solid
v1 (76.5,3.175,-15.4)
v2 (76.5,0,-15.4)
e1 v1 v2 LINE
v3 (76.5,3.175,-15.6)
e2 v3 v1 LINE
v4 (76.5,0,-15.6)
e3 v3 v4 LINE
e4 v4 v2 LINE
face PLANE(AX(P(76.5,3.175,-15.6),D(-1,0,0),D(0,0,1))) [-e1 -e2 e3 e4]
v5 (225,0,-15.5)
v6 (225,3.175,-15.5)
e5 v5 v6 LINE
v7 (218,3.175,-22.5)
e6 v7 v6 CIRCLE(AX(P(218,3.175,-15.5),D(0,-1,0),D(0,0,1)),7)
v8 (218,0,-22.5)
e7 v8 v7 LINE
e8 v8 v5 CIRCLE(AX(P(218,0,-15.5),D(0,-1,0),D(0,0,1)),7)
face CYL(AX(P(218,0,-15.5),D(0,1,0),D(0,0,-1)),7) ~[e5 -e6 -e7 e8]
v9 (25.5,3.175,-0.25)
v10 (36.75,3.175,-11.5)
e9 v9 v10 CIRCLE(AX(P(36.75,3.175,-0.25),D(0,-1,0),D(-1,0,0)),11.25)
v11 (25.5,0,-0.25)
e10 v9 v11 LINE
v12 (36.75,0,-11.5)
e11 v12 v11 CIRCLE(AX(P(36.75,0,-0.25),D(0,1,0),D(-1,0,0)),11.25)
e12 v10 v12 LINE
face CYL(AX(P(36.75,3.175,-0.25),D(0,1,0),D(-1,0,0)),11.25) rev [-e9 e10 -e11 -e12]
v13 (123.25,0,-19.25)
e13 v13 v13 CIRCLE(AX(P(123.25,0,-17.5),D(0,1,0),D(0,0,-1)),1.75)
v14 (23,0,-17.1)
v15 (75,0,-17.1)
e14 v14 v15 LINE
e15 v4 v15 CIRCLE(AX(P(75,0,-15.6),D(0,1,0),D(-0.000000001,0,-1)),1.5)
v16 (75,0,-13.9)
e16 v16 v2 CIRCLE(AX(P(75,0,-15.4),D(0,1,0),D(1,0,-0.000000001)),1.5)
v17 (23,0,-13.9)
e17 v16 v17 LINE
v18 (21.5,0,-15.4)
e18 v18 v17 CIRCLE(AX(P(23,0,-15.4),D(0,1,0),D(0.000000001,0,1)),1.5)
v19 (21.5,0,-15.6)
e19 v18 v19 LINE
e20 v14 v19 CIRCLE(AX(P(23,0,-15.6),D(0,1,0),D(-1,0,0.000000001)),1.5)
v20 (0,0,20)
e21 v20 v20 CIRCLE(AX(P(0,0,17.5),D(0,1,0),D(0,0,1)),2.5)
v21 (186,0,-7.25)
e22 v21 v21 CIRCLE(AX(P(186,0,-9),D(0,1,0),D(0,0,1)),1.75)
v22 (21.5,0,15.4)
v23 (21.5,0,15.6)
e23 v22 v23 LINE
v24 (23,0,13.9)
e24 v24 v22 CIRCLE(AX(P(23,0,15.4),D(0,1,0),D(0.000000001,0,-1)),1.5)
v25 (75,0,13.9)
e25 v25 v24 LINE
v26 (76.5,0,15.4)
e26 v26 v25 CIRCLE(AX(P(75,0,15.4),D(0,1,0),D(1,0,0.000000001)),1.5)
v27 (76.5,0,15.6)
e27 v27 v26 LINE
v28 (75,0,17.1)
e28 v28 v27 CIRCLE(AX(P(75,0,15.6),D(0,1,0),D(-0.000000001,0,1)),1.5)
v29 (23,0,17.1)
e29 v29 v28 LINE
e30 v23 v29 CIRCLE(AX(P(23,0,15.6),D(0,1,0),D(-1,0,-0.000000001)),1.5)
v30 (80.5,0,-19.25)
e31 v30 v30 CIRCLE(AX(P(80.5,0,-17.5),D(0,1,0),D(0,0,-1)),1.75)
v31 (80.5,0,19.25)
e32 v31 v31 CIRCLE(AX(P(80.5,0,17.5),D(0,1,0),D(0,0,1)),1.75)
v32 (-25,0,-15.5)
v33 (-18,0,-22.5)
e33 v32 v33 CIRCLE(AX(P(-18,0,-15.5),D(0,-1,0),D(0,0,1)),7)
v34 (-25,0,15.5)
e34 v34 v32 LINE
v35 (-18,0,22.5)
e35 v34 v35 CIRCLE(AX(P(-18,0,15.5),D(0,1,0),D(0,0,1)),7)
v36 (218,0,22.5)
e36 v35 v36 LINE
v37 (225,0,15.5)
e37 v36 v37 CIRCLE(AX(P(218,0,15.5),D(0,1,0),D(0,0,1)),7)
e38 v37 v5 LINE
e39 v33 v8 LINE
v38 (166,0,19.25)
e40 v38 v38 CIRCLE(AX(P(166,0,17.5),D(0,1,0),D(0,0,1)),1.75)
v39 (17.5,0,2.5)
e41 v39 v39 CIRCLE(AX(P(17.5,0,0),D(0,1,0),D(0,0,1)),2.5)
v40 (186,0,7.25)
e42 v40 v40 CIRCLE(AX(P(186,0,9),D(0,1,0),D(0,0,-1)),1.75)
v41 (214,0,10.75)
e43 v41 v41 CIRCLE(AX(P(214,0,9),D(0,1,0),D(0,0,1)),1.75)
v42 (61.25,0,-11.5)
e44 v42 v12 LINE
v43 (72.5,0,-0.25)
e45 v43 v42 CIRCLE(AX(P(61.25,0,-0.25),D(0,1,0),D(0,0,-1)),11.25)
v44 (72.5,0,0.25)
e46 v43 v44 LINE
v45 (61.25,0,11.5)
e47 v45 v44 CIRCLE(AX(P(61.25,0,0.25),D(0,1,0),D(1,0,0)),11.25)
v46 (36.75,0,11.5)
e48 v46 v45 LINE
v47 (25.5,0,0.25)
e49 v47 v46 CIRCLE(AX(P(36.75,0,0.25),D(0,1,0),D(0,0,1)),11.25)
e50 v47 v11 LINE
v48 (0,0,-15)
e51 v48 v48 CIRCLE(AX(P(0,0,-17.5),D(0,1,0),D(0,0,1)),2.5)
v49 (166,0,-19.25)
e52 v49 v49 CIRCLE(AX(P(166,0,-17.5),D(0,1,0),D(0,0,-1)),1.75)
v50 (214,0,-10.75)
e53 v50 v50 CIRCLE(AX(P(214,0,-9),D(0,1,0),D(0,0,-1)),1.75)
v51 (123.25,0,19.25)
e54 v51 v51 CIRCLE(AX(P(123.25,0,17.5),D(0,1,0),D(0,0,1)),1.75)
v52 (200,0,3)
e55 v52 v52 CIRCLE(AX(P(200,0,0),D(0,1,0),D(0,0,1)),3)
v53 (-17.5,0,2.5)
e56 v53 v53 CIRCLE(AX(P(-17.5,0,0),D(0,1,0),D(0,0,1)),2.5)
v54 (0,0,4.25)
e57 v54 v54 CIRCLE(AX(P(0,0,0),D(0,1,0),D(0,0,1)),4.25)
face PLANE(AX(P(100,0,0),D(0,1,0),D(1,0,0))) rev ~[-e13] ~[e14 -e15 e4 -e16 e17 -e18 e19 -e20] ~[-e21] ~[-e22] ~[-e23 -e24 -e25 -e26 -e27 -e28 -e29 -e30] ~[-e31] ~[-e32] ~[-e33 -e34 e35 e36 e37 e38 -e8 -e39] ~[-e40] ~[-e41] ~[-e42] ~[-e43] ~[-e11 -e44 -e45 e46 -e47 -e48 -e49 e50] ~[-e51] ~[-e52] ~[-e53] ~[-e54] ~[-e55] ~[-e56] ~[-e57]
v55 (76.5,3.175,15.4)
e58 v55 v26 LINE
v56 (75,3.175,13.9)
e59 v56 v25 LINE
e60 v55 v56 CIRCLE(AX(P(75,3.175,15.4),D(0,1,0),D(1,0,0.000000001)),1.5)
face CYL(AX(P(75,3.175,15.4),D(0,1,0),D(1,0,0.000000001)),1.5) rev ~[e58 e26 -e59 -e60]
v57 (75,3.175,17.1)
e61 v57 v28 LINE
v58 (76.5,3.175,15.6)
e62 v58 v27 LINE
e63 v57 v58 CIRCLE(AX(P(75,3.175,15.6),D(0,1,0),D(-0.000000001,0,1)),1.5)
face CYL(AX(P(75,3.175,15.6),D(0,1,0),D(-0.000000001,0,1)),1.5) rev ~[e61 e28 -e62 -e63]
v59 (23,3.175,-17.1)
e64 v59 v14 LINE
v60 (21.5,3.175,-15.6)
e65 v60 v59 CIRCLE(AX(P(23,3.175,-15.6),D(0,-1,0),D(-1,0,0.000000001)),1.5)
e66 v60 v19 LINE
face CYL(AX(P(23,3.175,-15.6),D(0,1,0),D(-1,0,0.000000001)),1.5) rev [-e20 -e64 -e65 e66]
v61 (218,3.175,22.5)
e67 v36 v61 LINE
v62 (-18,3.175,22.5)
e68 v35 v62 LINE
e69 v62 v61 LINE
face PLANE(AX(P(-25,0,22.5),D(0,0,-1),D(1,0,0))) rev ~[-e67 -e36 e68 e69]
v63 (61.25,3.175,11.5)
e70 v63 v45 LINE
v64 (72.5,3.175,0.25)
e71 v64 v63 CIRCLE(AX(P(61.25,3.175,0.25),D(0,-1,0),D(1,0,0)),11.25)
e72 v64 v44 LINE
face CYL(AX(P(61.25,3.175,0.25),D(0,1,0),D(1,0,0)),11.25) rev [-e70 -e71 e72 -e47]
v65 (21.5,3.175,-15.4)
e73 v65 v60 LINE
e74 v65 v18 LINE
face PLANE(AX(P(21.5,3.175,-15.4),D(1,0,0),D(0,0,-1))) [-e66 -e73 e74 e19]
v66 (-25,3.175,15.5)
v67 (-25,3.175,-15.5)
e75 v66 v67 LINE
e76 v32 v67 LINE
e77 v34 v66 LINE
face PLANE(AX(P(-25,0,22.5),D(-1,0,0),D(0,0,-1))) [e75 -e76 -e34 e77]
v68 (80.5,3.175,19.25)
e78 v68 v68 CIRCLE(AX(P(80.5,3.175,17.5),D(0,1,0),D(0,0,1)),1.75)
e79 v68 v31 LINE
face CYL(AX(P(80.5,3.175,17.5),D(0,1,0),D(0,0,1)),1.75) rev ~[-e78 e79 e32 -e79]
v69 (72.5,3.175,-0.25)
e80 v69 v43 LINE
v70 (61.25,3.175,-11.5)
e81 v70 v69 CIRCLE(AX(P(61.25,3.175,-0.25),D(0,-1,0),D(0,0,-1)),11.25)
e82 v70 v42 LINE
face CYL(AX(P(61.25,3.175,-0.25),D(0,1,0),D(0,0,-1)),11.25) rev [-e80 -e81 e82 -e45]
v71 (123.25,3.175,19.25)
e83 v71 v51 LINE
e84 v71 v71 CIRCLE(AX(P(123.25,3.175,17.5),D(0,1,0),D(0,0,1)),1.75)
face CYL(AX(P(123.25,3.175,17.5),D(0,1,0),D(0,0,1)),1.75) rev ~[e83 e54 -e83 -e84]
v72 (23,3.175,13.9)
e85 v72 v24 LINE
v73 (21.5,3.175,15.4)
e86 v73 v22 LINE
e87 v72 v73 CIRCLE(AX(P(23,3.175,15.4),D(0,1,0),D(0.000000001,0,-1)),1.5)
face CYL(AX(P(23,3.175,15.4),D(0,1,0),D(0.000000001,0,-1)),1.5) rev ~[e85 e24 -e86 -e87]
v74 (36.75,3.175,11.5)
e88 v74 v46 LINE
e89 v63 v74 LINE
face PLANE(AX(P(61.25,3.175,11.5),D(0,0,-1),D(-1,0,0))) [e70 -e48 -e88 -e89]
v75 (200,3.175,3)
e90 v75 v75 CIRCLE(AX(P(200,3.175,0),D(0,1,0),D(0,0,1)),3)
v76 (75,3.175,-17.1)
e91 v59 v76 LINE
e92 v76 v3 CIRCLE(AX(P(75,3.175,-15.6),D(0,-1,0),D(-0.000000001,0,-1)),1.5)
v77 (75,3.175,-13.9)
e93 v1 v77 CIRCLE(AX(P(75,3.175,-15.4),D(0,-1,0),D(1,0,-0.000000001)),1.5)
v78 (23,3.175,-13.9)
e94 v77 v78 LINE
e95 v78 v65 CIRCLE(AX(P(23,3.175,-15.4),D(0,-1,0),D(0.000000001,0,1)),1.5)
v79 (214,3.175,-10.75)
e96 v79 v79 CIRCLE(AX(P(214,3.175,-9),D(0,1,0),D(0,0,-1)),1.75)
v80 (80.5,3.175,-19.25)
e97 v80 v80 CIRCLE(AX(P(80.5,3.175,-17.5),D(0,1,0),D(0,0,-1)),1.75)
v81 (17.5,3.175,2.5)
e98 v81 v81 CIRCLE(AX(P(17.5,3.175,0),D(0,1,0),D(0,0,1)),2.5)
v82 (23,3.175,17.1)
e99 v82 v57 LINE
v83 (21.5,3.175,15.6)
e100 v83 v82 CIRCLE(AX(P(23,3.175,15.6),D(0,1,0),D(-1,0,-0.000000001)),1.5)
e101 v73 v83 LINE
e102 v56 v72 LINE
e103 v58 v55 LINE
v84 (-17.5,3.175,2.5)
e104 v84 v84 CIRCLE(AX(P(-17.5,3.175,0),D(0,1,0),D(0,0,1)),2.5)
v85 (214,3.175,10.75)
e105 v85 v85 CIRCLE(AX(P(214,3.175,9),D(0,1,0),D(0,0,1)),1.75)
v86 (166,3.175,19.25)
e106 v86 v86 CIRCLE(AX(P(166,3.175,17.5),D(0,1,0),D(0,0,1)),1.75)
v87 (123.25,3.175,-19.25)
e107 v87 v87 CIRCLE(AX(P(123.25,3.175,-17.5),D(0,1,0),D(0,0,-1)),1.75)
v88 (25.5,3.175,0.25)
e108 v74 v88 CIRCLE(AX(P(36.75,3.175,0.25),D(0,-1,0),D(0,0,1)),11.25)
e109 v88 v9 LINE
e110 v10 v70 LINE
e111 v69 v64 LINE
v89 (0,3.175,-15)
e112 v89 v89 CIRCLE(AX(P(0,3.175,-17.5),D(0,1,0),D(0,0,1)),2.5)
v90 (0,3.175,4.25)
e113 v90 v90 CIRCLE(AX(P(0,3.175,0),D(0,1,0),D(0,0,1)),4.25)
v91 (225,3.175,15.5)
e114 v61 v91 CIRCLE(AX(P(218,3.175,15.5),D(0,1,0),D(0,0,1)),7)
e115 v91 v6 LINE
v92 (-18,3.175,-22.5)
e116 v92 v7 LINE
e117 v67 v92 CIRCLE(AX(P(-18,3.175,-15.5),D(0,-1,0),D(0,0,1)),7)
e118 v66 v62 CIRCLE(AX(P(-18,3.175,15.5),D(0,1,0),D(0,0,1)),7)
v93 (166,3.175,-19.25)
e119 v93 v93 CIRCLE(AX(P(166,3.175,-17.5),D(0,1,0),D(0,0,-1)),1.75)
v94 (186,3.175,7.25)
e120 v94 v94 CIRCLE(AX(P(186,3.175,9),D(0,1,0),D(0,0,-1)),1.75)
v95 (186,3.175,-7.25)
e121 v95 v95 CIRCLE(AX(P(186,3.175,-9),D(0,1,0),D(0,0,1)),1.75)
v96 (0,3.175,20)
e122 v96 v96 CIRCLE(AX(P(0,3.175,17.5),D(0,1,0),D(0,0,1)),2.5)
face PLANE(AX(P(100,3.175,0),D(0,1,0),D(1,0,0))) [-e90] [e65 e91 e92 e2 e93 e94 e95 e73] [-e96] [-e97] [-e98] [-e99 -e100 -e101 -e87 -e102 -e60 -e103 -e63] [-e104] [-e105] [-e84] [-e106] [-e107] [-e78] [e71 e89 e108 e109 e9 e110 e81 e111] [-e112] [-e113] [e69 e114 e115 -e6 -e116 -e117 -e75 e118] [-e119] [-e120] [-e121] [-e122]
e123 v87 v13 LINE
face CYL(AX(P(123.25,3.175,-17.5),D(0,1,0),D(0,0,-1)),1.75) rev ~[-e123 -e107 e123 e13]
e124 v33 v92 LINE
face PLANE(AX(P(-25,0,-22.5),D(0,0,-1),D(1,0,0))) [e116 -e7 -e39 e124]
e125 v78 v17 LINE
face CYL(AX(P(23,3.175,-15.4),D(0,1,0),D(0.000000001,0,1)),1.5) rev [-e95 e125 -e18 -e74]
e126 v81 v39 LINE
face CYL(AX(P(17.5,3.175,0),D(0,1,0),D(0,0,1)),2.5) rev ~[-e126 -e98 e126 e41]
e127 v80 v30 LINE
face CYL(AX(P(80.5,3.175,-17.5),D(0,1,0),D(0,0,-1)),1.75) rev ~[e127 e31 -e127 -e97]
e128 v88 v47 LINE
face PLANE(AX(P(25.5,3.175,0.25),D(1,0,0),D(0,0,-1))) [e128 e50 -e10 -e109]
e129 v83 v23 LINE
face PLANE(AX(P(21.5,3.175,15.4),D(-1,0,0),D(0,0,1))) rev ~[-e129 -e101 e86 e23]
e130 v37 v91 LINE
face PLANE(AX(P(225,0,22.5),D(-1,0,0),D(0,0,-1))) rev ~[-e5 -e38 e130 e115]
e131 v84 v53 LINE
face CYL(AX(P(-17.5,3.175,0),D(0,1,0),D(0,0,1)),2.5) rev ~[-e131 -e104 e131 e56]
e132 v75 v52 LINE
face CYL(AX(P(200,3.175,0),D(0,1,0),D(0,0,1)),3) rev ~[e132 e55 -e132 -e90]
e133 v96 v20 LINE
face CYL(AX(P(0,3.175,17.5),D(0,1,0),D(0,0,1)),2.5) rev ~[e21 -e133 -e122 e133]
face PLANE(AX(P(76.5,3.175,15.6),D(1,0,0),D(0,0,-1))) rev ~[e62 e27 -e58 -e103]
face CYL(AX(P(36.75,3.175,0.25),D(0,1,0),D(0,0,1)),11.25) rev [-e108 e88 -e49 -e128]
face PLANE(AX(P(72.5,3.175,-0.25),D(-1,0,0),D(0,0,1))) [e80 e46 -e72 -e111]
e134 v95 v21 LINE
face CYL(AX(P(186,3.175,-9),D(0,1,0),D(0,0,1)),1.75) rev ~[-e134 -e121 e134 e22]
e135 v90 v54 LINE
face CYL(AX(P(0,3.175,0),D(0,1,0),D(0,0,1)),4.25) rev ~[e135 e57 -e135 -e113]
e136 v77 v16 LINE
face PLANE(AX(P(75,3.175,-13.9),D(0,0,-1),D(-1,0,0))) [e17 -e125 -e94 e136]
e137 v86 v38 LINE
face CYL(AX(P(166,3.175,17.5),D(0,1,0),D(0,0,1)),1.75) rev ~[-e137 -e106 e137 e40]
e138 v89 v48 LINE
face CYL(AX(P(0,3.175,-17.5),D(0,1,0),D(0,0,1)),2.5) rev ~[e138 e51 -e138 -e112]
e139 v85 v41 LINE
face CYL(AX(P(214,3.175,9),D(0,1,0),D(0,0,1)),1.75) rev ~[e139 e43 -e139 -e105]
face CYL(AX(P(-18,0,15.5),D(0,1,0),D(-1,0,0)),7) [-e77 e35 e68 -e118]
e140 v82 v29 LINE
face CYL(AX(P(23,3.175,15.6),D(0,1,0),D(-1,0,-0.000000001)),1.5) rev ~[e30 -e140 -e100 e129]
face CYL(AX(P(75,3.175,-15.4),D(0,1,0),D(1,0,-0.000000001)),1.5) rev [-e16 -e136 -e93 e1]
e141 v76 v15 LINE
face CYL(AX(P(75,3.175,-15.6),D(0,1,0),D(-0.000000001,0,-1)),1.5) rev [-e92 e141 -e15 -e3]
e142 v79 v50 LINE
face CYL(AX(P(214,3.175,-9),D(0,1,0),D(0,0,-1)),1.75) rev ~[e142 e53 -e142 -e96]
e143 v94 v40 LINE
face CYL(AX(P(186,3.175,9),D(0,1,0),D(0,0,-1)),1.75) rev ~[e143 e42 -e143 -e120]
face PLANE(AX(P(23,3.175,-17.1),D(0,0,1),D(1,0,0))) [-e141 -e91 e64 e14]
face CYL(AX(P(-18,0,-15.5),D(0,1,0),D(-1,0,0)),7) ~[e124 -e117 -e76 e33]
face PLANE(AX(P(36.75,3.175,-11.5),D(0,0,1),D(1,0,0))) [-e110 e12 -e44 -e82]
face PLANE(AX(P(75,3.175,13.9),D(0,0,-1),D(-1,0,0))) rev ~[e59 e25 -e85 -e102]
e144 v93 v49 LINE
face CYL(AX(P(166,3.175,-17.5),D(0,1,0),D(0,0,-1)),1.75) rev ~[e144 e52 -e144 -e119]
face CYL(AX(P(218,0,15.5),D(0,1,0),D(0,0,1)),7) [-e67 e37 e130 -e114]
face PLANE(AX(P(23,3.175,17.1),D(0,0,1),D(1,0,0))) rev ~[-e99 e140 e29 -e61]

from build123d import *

# Parameters (mm, degrees)
SKETCH1_W           = 250
SKETCH1_H           = 45
BOSS_EXTRUDE1_DEPTH = 3.175
SKETCH4_R           = 3
SKETCH4_R_2         = 1.75
CUT_EXTRUDE1_DEPTH  = 227.144490592
SKETCH5_R           = 4.25
CUT_EXTRUDE2_DEPTH  = 227.144490592
SKETCH6_R           = 11.5
SKETCH6_R_2         = 1.5
CUT_EXTRUDE3_DEPTH  = 227.144490592
SKETCH10_R          = 1.75
CUT_EXTRUDE4_DEPTH  = 227.144490592
FILLET1_R           = 7
SKETCH11_R          = 2.5
CUT_EXTRUDE5_DEPTH  = 227.144490592
CUT_EXTRUDE6_DEPTH  = 227.144490592


with BuildPart() as part:
    # Sketch1 → Boss-Extrude1 (new body)
    with BuildSketch(Plane(origin=(0, 0, 0), x_dir=(1, 0, 0), z_dir=(0, 1, 0))):
        with Locations((100, 0)):
            Rectangle(SKETCH1_W, SKETCH1_H)
    extrude(amount=BOSS_EXTRUDE1_DEPTH)

    # Sketch4 → Cut-Extrude1 (cut, through all)
    with BuildSketch(Plane(origin=(0, 3.175, 0), x_dir=(1, 0, 0), z_dir=(0, 1, 0))):
        with Locations(Location((200, 0, 0), (0, 0, 270))):
            Circle(SKETCH4_R)
        with Locations(Location((186, 9, 0), (0, 0, 270))):
            Circle(SKETCH4_R_2)
        with Locations(Location((214, 9, 0), (0, 0, 90))):
            Circle(SKETCH4_R_2)
        with Locations(Location((214, -9, 0), (0, 0, 270))):
            Circle(SKETCH4_R_2)
        with Locations(Location((186, -9, 0), (0, 0, 90))):
            Circle(SKETCH4_R_2)
    extrude(amount=-CUT_EXTRUDE1_DEPTH, mode=Mode.SUBTRACT)

    # Sketch5 → Cut-Extrude2 (cut, through all)
    with BuildSketch(Plane(origin=(0, 3.175, 0), x_dir=(1, 0, 0), z_dir=(0, 1, 0))):
        with Locations(Location((0, 0, 0), (0, 0, 270))):
            Circle(SKETCH5_R)
    extrude(amount=-CUT_EXTRUDE2_DEPTH, mode=Mode.SUBTRACT)

    # Sketch6 → Cut-Extrude3 (cut, through all)
    with BuildSketch(Plane(origin=(0, 3.175, 0), x_dir=(1, 0, 0), z_dir=(0, 1, 0))):
        with Locations(Location((45, 0, 0), (0, 0, 270))):
            Circle(SKETCH6_R)
        with Locations(Location((29.5, 15.5, 0), (0, 0, 270))):
            Circle(SKETCH6_R_2)
        with Locations(Location((60.5, 15.5, 0), (0, 0, 90))):
            Circle(SKETCH6_R_2)
        with Locations(Location((60.5, -15.5, 0), (0, 0, 270))):
            Circle(SKETCH6_R_2)
        with Locations(Location((29.5, -15.5, 0), (0, 0, 90))):
            Circle(SKETCH6_R_2)
    extrude(amount=-CUT_EXTRUDE3_DEPTH, mode=Mode.SUBTRACT)

    # Sketch10 → Cut-Extrude4 (cut, through all)
    with BuildSketch(Plane(origin=(0, 3.175, 0), x_dir=(1, 0, 0), z_dir=(0, 1, 0))):
        with Locations(Location((80.5, -17.5, 0), (0, 0, 270))):
            Circle(SKETCH10_R)
        with Locations(Location((123.25, -17.5, 0), (0, 0, 270))):
            Circle(SKETCH10_R)
        with Locations(Location((166, -17.5, 0), (0, 0, 270))):
            Circle(SKETCH10_R)
        with Locations(Location((166, 17.5, 0), (0, 0, 90))):
            Circle(SKETCH10_R)
        with Locations(Location((80.5, 17.5, 0), (0, 0, 90))):
            Circle(SKETCH10_R)
        with Locations(Location((123.25, 17.5, 0), (0, 0, 90))):
            Circle(SKETCH10_R)
    extrude(amount=-CUT_EXTRUDE4_DEPTH, mode=Mode.SUBTRACT)

    # Fillet1
    fillet1_edges = [part.edges().sort_by_distance(p)[0] for p in [
        (-25, 1.5875, -22.5),
        (225, 1.5875, -22.5),
        (225, 1.5875, 22.5),
        (-25, 1.5875, 22.5),
    ]]
    fillet(fillet1_edges, radius=FILLET1_R)

    # Sketch11 → Cut-Extrude5 (cut, through all)
    with BuildSketch(Plane(origin=(0, 3.175, 0), x_dir=(1, 0, 0), z_dir=(0, 1, 0))):
        with Locations(Location((0, 17.5, 0), (0, 0, 270))):
            Circle(SKETCH11_R)
        with Locations(Location((17.5, 0, 0), (0, 0, 270))):
            Circle(SKETCH11_R)
        with Locations(Location((0, -17.5, 0), (0, 0, 270))):
            Circle(SKETCH11_R)
        with Locations(Location((-17.5, 0, 0), (0, 0, 270))):
            Circle(SKETCH11_R)
    extrude(amount=-CUT_EXTRUDE5_DEPTH, mode=Mode.SUBTRACT)

    # Sketch12 → Cut-Extrude6 (cut, through all)
    with BuildSketch(Plane(origin=(0, 3.175, 0), x_dir=(1, 0, 0), z_dir=(0, 1, 0))):
        with BuildLine():
            Line((23, 17.1), (75, 17.1))
            ThreePointArc((75, 17.1), (76.060660172, 16.660660172), (76.5, 15.6))
            Line((76.5, 15.6), (76.5, 15.4))
            ThreePointArc((76.5, 15.4), (76.060660172, 14.339339828), (75, 13.9))
            Line((75, 13.9), (23, 13.9))
            ThreePointArc((23, 13.9), (21.939339828, 14.339339828), (21.5, 15.4))
            Line((21.5, 15.4), (21.5, 15.6))
            ThreePointArc((21.5, 15.6), (21.939339828, 16.660660172), (23, 17.1))
        make_face()
        with BuildLine():
            Line((76.5, -15.6), (76.5, -15.4))
            ThreePointArc((76.5, -15.4), (76.060660172, -14.339339828), (75, -13.9))
            Line((75, -13.9), (23, -13.9))
            ThreePointArc((23, -13.9), (21.939339828, -14.339339828), (21.5, -15.4))
            Line((21.5, -15.4), (21.5, -15.6))
            ThreePointArc((21.5, -15.6), (21.939339828, -16.660660172), (23, -17.1))
            Line((23, -17.1), (75, -17.1))
            ThreePointArc((75, -17.1), (76.060660172, -16.660660172), (76.5, -15.6))
        make_face()
        with BuildLine():
            Line((36.75, 11.5), (61.25, 11.5))
            ThreePointArc((61.25, 11.5), (69.204951288, 8.204951288), (72.5, 0.25))
            Line((72.5, 0.25), (72.5, -0.25))
            ThreePointArc((72.5, -0.25), (69.204951288, -8.204951288), (61.25, -11.5))
            Line((61.25, -11.5), (36.75, -11.5))
            ThreePointArc((36.75, -11.5), (28.795048712, -8.204951288), (25.5, -0.25))
            Line((25.5, -0.25), (25.5, 0.25))
            ThreePointArc((25.5, 0.25), (28.795048712, 8.204951288), (36.75, 11.5))
        make_face()
    extrude(amount=-CUT_EXTRUDE6_DEPTH, mode=Mode.SUBTRACT)


solid = part.part
